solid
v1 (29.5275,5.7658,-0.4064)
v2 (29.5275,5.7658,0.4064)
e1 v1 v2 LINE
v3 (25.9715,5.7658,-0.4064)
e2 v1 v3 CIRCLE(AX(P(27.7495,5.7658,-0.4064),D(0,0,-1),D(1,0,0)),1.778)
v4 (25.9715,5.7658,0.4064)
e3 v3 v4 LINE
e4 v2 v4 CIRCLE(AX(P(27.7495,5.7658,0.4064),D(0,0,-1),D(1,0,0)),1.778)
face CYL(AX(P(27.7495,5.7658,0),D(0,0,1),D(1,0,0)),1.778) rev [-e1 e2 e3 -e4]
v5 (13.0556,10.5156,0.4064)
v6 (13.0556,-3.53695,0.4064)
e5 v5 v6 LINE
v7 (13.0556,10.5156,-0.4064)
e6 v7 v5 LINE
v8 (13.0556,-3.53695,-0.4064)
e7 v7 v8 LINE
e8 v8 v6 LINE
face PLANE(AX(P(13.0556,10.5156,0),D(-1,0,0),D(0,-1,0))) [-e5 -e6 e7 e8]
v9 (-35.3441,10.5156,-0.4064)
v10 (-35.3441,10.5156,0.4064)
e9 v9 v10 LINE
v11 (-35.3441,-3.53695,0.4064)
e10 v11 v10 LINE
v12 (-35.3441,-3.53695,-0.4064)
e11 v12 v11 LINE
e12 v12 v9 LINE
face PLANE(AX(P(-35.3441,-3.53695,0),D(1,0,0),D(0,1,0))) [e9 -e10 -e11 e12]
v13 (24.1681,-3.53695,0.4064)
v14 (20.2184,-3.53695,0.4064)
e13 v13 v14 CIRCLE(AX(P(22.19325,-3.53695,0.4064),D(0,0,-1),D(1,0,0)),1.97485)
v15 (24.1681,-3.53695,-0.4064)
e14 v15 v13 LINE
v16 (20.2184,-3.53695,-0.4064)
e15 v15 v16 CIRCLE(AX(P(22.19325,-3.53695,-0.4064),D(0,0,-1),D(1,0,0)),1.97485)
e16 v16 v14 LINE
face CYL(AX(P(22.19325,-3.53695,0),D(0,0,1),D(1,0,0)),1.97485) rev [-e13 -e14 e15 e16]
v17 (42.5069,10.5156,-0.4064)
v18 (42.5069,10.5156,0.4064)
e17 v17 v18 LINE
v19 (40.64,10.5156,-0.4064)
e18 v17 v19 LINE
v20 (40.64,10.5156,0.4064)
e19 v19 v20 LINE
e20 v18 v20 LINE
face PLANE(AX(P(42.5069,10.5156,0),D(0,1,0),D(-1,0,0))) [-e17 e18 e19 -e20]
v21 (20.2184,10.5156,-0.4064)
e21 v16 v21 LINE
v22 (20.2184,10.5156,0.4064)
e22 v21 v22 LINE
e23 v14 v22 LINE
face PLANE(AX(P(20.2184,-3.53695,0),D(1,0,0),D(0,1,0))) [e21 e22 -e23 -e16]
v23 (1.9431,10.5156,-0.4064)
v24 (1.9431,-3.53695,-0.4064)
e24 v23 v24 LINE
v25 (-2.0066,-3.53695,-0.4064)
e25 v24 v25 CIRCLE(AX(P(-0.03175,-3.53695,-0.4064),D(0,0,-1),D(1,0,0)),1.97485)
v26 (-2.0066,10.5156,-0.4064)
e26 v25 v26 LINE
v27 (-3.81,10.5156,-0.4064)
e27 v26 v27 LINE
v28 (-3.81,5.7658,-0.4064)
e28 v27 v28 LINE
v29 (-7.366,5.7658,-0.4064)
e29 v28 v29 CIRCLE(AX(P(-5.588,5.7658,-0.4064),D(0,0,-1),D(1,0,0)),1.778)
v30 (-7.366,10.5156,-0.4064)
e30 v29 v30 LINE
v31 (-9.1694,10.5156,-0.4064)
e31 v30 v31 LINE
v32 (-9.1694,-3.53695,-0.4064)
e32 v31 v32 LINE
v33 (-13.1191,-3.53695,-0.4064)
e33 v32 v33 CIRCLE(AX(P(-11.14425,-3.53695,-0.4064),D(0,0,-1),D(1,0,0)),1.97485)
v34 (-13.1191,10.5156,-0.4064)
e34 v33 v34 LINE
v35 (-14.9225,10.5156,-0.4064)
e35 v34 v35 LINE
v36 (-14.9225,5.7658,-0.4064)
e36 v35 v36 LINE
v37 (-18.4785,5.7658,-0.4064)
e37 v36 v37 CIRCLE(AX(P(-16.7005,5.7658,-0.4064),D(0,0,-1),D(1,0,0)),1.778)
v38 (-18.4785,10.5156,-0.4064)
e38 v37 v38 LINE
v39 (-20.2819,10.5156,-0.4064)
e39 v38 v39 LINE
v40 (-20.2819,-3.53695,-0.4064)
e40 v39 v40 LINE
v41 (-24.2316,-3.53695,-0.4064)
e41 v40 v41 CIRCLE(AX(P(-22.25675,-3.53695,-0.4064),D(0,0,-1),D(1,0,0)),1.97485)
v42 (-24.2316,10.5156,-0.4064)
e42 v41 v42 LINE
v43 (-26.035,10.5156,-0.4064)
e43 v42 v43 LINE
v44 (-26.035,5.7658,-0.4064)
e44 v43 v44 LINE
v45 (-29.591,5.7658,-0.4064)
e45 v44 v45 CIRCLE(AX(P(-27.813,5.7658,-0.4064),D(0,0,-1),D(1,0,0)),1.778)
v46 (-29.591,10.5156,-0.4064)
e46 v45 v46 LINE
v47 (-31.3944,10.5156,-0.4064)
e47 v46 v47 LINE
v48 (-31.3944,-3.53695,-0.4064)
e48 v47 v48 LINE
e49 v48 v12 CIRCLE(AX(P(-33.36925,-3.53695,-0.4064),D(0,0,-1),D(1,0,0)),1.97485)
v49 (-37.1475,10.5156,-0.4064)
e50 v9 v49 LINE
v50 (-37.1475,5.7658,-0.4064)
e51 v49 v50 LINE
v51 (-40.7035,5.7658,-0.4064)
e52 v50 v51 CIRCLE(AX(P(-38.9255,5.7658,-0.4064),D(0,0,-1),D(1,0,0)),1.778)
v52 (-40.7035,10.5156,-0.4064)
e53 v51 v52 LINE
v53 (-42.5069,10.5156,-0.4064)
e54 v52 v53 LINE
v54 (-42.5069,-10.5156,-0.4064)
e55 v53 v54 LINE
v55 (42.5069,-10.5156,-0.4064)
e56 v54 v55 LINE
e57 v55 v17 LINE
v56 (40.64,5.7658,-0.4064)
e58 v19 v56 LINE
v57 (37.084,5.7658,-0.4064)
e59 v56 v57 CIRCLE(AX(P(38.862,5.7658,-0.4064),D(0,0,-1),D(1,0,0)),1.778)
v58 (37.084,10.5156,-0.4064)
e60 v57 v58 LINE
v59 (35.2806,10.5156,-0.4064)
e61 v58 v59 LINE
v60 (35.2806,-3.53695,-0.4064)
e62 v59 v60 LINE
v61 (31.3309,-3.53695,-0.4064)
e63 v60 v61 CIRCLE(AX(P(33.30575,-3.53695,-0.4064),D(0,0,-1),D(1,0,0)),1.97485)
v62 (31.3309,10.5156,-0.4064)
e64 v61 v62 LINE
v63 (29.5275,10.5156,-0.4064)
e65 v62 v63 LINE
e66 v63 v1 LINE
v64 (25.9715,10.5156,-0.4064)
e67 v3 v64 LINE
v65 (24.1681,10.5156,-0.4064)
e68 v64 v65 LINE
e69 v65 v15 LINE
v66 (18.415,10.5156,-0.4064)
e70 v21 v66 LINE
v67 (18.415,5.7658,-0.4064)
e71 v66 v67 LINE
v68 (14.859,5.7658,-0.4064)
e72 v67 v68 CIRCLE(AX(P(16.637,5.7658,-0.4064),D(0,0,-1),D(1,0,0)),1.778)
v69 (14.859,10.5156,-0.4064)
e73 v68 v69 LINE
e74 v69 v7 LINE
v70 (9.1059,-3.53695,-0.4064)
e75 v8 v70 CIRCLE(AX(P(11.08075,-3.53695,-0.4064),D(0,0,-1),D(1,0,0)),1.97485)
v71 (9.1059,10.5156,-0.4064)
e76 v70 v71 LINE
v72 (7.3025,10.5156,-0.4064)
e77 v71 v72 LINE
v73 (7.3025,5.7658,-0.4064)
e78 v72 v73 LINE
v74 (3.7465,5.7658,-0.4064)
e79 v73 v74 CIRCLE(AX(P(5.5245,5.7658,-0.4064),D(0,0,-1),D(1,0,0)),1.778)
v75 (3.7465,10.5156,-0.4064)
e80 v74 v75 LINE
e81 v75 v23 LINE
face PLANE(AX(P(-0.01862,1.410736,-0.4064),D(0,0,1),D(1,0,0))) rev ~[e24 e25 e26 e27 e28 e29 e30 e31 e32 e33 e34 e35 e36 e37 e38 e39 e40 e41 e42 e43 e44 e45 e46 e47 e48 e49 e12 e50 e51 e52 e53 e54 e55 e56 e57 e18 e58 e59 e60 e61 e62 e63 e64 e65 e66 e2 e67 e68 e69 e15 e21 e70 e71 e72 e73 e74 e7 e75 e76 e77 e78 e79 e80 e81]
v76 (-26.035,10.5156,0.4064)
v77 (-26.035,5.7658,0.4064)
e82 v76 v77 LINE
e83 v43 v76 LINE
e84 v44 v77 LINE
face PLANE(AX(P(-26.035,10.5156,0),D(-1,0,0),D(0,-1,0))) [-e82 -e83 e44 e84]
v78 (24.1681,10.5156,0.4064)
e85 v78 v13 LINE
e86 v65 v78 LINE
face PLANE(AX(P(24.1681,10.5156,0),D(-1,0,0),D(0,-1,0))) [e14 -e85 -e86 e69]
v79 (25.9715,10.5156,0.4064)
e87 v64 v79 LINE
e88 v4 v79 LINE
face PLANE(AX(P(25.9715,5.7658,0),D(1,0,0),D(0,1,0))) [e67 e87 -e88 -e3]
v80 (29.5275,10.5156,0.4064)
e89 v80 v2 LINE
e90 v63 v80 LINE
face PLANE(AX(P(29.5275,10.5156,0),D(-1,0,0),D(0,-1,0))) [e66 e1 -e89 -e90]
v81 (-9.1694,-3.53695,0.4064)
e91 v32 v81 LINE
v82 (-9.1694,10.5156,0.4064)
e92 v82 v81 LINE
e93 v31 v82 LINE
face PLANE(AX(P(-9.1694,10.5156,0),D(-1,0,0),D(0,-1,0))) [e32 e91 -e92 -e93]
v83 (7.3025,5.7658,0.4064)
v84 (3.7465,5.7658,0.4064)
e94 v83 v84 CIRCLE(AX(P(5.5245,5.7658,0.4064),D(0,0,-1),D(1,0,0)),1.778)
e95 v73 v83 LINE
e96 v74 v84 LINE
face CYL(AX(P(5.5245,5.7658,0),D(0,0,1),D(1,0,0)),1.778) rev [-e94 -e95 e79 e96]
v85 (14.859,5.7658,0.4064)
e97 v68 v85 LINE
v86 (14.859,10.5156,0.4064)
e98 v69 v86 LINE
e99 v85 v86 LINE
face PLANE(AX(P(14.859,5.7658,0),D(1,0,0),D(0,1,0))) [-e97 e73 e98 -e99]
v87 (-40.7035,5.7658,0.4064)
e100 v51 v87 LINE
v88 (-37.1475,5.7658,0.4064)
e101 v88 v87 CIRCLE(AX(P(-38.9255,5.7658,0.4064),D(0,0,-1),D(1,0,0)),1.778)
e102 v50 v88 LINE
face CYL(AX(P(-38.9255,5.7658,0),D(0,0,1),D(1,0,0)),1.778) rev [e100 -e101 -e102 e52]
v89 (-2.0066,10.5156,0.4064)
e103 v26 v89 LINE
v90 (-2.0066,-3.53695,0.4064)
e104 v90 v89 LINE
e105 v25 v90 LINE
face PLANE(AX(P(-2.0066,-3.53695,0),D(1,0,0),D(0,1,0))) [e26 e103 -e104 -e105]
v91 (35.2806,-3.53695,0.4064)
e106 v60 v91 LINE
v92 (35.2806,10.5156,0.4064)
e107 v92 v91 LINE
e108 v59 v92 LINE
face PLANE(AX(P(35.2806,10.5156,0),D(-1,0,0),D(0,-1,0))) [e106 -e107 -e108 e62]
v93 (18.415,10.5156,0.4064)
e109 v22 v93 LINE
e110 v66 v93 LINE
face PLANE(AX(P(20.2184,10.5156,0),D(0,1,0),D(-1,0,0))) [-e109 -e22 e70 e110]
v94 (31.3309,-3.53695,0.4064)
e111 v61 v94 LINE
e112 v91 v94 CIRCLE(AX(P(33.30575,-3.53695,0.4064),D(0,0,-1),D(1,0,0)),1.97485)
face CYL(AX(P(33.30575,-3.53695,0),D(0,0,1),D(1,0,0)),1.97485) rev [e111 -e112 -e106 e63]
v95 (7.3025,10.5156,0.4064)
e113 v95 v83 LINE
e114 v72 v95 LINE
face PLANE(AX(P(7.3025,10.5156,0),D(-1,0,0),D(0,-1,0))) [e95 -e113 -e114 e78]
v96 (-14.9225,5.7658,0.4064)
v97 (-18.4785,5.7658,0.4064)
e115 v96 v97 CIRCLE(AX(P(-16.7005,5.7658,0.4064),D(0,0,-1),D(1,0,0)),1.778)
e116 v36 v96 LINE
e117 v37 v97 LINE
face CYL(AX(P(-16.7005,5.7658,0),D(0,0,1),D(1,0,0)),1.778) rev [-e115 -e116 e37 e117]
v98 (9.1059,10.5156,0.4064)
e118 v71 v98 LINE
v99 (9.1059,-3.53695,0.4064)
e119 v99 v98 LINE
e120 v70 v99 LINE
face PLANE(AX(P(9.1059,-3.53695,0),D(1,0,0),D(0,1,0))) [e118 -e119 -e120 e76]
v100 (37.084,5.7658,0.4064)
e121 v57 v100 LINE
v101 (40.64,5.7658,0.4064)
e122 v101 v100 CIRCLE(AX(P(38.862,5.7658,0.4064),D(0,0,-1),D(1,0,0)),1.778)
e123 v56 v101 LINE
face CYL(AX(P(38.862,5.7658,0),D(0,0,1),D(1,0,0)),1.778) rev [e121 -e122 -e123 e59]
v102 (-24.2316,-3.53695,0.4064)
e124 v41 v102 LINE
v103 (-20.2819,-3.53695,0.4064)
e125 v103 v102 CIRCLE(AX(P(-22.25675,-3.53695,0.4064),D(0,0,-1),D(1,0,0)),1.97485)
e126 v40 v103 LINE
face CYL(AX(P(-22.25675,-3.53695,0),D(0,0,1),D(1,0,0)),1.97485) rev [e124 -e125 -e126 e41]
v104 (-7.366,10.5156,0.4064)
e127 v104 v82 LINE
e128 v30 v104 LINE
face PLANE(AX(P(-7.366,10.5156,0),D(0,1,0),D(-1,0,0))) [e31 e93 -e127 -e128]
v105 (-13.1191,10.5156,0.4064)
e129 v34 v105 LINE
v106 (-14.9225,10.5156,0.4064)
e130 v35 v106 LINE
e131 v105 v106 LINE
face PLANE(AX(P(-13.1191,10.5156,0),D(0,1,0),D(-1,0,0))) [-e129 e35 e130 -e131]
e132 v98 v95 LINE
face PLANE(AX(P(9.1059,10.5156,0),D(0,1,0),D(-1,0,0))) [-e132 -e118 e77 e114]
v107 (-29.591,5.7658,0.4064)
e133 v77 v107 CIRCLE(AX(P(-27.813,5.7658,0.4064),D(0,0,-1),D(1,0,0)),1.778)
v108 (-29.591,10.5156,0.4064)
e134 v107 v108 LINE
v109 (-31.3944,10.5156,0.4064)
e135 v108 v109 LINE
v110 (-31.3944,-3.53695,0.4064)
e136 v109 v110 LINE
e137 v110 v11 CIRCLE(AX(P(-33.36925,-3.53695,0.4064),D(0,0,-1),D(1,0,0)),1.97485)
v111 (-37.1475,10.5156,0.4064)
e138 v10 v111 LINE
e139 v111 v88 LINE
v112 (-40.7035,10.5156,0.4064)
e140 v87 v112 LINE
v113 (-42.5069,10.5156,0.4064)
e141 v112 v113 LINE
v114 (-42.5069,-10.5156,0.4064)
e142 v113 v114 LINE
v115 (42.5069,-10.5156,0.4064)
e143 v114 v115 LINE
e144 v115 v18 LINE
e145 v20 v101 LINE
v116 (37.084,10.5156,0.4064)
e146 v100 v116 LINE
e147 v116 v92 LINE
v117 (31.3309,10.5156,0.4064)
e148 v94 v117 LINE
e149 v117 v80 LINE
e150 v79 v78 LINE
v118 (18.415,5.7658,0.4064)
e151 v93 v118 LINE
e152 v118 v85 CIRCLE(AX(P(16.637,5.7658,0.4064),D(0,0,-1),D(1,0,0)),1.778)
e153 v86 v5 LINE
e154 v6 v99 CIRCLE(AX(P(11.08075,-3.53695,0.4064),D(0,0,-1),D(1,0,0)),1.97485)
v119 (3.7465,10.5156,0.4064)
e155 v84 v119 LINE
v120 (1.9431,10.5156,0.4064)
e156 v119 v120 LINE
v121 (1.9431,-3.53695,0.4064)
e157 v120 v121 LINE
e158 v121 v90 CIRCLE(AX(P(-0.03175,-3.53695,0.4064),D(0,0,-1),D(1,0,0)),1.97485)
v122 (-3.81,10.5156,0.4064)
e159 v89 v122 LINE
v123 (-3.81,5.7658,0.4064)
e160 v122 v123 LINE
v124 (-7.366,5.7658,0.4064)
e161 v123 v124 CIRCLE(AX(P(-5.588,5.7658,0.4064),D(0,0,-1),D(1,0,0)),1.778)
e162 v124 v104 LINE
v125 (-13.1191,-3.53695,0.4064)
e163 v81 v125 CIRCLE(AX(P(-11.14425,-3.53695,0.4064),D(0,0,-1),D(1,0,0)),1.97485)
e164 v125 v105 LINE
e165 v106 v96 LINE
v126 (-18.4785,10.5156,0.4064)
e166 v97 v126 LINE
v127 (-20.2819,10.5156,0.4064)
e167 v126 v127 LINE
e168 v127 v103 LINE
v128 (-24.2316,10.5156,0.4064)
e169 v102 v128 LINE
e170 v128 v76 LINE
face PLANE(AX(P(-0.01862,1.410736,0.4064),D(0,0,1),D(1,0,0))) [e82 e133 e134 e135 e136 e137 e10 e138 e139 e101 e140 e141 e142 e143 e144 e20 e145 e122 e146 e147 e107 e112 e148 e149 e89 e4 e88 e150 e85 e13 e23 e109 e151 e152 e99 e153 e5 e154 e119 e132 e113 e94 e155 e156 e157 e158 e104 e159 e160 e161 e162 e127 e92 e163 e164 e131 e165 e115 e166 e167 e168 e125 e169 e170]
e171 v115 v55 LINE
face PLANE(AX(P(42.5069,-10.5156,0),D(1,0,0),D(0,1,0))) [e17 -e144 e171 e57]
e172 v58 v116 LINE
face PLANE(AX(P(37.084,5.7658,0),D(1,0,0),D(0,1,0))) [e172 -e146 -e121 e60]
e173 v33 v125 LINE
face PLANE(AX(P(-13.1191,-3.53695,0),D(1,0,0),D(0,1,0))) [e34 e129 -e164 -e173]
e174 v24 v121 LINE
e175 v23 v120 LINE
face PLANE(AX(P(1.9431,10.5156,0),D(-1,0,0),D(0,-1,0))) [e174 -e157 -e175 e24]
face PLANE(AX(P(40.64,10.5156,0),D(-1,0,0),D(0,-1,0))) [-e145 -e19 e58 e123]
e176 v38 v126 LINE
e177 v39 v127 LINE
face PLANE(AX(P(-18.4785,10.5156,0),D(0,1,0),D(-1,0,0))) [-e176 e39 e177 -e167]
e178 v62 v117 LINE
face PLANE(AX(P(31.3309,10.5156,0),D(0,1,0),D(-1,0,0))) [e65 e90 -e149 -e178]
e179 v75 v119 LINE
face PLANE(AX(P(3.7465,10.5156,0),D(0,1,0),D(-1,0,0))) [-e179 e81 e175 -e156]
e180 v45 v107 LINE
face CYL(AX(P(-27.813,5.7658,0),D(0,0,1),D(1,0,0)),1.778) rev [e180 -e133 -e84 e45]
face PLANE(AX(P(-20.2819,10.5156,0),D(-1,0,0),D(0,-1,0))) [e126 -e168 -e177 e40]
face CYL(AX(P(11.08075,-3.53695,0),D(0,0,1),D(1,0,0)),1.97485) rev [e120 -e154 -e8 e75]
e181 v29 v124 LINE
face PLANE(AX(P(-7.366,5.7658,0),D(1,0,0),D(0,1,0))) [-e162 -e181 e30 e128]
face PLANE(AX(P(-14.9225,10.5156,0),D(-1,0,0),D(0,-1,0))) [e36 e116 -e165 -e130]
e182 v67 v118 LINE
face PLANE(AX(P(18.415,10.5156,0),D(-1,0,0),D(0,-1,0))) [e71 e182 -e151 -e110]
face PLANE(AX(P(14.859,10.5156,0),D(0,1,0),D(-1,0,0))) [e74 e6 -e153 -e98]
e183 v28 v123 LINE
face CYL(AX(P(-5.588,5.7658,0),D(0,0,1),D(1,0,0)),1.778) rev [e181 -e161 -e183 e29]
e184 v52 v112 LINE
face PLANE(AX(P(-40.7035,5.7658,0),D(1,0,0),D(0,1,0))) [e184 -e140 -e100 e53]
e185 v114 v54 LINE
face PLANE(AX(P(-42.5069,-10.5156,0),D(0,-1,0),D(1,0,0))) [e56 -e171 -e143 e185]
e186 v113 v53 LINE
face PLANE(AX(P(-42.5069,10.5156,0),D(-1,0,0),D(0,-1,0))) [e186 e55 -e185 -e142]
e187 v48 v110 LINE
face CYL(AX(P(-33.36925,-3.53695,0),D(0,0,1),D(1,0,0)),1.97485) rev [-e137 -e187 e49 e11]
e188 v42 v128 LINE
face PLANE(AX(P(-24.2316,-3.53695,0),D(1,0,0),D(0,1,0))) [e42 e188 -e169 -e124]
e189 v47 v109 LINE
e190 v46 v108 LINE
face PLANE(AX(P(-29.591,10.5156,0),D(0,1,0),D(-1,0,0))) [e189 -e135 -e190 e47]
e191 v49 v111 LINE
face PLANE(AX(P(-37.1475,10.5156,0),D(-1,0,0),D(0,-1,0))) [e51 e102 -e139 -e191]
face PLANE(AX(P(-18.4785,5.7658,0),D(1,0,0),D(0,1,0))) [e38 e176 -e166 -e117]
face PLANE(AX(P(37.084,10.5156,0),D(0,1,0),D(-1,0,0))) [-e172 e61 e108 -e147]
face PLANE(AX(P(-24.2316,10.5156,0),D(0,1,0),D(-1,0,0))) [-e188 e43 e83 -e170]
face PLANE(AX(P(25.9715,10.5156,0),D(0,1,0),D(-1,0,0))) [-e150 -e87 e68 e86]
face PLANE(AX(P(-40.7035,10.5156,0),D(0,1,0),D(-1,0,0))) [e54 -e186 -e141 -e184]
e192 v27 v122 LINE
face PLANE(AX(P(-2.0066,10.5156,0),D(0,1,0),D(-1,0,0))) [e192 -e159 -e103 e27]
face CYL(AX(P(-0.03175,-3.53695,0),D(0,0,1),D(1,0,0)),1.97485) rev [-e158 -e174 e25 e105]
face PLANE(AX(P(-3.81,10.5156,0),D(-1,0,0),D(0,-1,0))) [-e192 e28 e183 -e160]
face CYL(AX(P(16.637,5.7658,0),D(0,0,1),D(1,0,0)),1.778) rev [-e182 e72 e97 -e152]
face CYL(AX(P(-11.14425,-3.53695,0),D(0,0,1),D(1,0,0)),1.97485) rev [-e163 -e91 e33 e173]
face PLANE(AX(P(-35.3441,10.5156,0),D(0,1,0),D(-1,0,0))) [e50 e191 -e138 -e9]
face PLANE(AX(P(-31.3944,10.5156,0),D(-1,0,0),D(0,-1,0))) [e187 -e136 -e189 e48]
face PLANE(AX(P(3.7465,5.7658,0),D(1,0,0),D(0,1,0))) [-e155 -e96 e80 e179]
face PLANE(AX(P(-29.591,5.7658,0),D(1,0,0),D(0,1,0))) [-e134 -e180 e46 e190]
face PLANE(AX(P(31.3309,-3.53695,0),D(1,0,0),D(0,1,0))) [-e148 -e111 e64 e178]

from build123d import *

# Parameters (mm, degrees)
F1_DEPTH = 0.4064


with BuildPart() as f1:
    # F0 (on Top) → F1 (new body, symmetric)
    with BuildSketch(Plane.XY):
        with BuildLine():
            Line((0, -10.5156), (42.5069, -10.5156))
            Line((42.5069, -10.5156), (42.5069, 10.5156))
            Line((42.5069, 10.5156), (40.64, 10.5156))
            Line((40.64, 10.5156), (40.64, 5.7658))
            ThreePointArc((40.64, 5.7658), (38.862, 3.9878), (37.084, 5.7658))
            Line((37.084, 5.7658), (37.084, 10.5156))
            Line((37.084, 10.5156), (35.2806, 10.5156))
            Line((35.2806, 10.5156), (35.2806, -3.53695))
            ThreePointArc((35.2806, -3.53695), (33.30575, -5.5118), (31.3309, -3.53695))
            Line((31.3309, -3.53695), (31.3309, 10.5156))
            Line((31.3309, 10.5156), (29.5275, 10.5156))
            Line((29.5275, 10.5156), (29.5275, 5.7658))
            ThreePointArc((29.5275, 5.7658), (27.7495, 3.9878), (25.9715, 5.7658))
            Line((25.9715, 5.7658), (25.9715, 10.5156))
            Line((25.9715, 10.5156), (24.1681, 10.5156))
            Line((24.1681, 10.5156), (24.1681, -3.53695))
            ThreePointArc((24.1681, -3.53695), (22.19325, -5.5118), (20.2184, -3.53695))
            Line((20.2184, -3.53695), (20.2184, 10.5156))
            Line((20.2184, 10.5156), (18.415, 10.5156))
            Line((18.415, 10.5156), (18.415, 5.7658))
            ThreePointArc((18.415, 5.7658), (16.637, 3.9878), (14.859, 5.7658))
            Line((14.859, 5.7658), (14.859, 10.5156))
            Line((14.859, 10.5156), (13.0556, 10.5156))
            Line((13.0556, 10.5156), (13.0556, -3.53695))
            ThreePointArc((13.0556, -3.53695), (11.08075, -5.5118), (9.1059, -3.53695))
            Line((9.1059, -3.53695), (9.1059, 10.5156))
            Line((9.1059, 10.5156), (7.3025, 10.5156))
            Line((7.3025, 10.5156), (7.3025, 5.7658))
            ThreePointArc((7.3025, 5.7658), (5.5245, 3.9878), (3.7465, 5.7658))
            Line((3.7465, 5.7658), (3.7465, 10.5156))
            Line((3.7465, 10.5156), (1.9431, 10.5156))
            Line((1.9431, 10.5156), (1.9431, -3.53695))
            ThreePointArc((1.9431, -3.53695), (-0.03175, -5.5118), (-2.0066, -3.53695))
            Line((-2.0066, -3.53695), (-2.0066, 10.5156))
            Line((-2.0066, 10.5156), (-3.81, 10.5156))
            Line((-3.81, 10.5156), (-3.81, 5.7658))
            ThreePointArc((-3.81, 5.7658), (-5.588, 3.9878), (-7.366, 5.7658))
            Line((-7.366, 5.7658), (-7.366, 10.5156))
            Line((-7.366, 10.5156), (-9.1694, 10.5156))
            Line((-9.1694, 10.5156), (-9.1694, -3.53695))
            ThreePointArc((-9.1694, -3.53695), (-11.14425, -5.5118), (-13.1191, -3.53695))
            Line((-13.1191, -3.53695), (-13.1191, 10.5156))
            Line((-13.1191, 10.5156), (-14.9225, 10.5156))
            Line((-14.9225, 10.5156), (-14.9225, 5.7658))
            ThreePointArc((-14.9225, 5.7658), (-16.7005, 3.9878), (-18.4785, 5.7658))
            Line((-18.4785, 5.7658), (-18.4785, 10.5156))
            Line((-18.4785, 10.5156), (-20.2819, 10.5156))
            Line((-20.2819, 10.5156), (-20.2819, -3.53695))
            ThreePointArc((-20.2819, -3.53695), (-22.25675, -5.5118), (-24.2316, -3.53695))
            Line((-24.2316, -3.53695), (-24.2316, 10.5156))
            Line((-24.2316, 10.5156), (-26.035, 10.5156))
            Line((-26.035, 10.5156), (-26.035, 5.7658))
            ThreePointArc((-26.035, 5.7658), (-27.813, 3.9878), (-29.591, 5.7658))
            Line((-29.591, 5.7658), (-29.591, 10.5156))
            Line((-29.591, 10.5156), (-31.3944, 10.5156))
            Line((-31.3944, 10.5156), (-31.3944, -3.53695))
            ThreePointArc((-31.3944, -3.53695), (-33.36925, -5.5118), (-35.3441, -3.53695))
            Line((-35.3441, -3.53695), (-35.3441, 10.5156))
            Line((-35.3441, 10.5156), (-37.1475, 10.5156))
            Line((-37.1475, 10.5156), (-37.1475, 5.7658))
            ThreePointArc((-37.1475, 5.7658), (-38.9255, 3.9878), (-40.7035, 5.7658))
            Line((-40.7035, 5.7658), (-40.7035, 10.5156))
            Line((-40.7035, 10.5156), (-42.5069, 10.5156))
            Line((-42.5069, 10.5156), (-42.5069, -10.5156))
            Line((-42.5069, -10.5156), (0, -10.5156))
        make_face()
    extrude(amount=F1_DEPTH, both=True)


solid = f1.part
